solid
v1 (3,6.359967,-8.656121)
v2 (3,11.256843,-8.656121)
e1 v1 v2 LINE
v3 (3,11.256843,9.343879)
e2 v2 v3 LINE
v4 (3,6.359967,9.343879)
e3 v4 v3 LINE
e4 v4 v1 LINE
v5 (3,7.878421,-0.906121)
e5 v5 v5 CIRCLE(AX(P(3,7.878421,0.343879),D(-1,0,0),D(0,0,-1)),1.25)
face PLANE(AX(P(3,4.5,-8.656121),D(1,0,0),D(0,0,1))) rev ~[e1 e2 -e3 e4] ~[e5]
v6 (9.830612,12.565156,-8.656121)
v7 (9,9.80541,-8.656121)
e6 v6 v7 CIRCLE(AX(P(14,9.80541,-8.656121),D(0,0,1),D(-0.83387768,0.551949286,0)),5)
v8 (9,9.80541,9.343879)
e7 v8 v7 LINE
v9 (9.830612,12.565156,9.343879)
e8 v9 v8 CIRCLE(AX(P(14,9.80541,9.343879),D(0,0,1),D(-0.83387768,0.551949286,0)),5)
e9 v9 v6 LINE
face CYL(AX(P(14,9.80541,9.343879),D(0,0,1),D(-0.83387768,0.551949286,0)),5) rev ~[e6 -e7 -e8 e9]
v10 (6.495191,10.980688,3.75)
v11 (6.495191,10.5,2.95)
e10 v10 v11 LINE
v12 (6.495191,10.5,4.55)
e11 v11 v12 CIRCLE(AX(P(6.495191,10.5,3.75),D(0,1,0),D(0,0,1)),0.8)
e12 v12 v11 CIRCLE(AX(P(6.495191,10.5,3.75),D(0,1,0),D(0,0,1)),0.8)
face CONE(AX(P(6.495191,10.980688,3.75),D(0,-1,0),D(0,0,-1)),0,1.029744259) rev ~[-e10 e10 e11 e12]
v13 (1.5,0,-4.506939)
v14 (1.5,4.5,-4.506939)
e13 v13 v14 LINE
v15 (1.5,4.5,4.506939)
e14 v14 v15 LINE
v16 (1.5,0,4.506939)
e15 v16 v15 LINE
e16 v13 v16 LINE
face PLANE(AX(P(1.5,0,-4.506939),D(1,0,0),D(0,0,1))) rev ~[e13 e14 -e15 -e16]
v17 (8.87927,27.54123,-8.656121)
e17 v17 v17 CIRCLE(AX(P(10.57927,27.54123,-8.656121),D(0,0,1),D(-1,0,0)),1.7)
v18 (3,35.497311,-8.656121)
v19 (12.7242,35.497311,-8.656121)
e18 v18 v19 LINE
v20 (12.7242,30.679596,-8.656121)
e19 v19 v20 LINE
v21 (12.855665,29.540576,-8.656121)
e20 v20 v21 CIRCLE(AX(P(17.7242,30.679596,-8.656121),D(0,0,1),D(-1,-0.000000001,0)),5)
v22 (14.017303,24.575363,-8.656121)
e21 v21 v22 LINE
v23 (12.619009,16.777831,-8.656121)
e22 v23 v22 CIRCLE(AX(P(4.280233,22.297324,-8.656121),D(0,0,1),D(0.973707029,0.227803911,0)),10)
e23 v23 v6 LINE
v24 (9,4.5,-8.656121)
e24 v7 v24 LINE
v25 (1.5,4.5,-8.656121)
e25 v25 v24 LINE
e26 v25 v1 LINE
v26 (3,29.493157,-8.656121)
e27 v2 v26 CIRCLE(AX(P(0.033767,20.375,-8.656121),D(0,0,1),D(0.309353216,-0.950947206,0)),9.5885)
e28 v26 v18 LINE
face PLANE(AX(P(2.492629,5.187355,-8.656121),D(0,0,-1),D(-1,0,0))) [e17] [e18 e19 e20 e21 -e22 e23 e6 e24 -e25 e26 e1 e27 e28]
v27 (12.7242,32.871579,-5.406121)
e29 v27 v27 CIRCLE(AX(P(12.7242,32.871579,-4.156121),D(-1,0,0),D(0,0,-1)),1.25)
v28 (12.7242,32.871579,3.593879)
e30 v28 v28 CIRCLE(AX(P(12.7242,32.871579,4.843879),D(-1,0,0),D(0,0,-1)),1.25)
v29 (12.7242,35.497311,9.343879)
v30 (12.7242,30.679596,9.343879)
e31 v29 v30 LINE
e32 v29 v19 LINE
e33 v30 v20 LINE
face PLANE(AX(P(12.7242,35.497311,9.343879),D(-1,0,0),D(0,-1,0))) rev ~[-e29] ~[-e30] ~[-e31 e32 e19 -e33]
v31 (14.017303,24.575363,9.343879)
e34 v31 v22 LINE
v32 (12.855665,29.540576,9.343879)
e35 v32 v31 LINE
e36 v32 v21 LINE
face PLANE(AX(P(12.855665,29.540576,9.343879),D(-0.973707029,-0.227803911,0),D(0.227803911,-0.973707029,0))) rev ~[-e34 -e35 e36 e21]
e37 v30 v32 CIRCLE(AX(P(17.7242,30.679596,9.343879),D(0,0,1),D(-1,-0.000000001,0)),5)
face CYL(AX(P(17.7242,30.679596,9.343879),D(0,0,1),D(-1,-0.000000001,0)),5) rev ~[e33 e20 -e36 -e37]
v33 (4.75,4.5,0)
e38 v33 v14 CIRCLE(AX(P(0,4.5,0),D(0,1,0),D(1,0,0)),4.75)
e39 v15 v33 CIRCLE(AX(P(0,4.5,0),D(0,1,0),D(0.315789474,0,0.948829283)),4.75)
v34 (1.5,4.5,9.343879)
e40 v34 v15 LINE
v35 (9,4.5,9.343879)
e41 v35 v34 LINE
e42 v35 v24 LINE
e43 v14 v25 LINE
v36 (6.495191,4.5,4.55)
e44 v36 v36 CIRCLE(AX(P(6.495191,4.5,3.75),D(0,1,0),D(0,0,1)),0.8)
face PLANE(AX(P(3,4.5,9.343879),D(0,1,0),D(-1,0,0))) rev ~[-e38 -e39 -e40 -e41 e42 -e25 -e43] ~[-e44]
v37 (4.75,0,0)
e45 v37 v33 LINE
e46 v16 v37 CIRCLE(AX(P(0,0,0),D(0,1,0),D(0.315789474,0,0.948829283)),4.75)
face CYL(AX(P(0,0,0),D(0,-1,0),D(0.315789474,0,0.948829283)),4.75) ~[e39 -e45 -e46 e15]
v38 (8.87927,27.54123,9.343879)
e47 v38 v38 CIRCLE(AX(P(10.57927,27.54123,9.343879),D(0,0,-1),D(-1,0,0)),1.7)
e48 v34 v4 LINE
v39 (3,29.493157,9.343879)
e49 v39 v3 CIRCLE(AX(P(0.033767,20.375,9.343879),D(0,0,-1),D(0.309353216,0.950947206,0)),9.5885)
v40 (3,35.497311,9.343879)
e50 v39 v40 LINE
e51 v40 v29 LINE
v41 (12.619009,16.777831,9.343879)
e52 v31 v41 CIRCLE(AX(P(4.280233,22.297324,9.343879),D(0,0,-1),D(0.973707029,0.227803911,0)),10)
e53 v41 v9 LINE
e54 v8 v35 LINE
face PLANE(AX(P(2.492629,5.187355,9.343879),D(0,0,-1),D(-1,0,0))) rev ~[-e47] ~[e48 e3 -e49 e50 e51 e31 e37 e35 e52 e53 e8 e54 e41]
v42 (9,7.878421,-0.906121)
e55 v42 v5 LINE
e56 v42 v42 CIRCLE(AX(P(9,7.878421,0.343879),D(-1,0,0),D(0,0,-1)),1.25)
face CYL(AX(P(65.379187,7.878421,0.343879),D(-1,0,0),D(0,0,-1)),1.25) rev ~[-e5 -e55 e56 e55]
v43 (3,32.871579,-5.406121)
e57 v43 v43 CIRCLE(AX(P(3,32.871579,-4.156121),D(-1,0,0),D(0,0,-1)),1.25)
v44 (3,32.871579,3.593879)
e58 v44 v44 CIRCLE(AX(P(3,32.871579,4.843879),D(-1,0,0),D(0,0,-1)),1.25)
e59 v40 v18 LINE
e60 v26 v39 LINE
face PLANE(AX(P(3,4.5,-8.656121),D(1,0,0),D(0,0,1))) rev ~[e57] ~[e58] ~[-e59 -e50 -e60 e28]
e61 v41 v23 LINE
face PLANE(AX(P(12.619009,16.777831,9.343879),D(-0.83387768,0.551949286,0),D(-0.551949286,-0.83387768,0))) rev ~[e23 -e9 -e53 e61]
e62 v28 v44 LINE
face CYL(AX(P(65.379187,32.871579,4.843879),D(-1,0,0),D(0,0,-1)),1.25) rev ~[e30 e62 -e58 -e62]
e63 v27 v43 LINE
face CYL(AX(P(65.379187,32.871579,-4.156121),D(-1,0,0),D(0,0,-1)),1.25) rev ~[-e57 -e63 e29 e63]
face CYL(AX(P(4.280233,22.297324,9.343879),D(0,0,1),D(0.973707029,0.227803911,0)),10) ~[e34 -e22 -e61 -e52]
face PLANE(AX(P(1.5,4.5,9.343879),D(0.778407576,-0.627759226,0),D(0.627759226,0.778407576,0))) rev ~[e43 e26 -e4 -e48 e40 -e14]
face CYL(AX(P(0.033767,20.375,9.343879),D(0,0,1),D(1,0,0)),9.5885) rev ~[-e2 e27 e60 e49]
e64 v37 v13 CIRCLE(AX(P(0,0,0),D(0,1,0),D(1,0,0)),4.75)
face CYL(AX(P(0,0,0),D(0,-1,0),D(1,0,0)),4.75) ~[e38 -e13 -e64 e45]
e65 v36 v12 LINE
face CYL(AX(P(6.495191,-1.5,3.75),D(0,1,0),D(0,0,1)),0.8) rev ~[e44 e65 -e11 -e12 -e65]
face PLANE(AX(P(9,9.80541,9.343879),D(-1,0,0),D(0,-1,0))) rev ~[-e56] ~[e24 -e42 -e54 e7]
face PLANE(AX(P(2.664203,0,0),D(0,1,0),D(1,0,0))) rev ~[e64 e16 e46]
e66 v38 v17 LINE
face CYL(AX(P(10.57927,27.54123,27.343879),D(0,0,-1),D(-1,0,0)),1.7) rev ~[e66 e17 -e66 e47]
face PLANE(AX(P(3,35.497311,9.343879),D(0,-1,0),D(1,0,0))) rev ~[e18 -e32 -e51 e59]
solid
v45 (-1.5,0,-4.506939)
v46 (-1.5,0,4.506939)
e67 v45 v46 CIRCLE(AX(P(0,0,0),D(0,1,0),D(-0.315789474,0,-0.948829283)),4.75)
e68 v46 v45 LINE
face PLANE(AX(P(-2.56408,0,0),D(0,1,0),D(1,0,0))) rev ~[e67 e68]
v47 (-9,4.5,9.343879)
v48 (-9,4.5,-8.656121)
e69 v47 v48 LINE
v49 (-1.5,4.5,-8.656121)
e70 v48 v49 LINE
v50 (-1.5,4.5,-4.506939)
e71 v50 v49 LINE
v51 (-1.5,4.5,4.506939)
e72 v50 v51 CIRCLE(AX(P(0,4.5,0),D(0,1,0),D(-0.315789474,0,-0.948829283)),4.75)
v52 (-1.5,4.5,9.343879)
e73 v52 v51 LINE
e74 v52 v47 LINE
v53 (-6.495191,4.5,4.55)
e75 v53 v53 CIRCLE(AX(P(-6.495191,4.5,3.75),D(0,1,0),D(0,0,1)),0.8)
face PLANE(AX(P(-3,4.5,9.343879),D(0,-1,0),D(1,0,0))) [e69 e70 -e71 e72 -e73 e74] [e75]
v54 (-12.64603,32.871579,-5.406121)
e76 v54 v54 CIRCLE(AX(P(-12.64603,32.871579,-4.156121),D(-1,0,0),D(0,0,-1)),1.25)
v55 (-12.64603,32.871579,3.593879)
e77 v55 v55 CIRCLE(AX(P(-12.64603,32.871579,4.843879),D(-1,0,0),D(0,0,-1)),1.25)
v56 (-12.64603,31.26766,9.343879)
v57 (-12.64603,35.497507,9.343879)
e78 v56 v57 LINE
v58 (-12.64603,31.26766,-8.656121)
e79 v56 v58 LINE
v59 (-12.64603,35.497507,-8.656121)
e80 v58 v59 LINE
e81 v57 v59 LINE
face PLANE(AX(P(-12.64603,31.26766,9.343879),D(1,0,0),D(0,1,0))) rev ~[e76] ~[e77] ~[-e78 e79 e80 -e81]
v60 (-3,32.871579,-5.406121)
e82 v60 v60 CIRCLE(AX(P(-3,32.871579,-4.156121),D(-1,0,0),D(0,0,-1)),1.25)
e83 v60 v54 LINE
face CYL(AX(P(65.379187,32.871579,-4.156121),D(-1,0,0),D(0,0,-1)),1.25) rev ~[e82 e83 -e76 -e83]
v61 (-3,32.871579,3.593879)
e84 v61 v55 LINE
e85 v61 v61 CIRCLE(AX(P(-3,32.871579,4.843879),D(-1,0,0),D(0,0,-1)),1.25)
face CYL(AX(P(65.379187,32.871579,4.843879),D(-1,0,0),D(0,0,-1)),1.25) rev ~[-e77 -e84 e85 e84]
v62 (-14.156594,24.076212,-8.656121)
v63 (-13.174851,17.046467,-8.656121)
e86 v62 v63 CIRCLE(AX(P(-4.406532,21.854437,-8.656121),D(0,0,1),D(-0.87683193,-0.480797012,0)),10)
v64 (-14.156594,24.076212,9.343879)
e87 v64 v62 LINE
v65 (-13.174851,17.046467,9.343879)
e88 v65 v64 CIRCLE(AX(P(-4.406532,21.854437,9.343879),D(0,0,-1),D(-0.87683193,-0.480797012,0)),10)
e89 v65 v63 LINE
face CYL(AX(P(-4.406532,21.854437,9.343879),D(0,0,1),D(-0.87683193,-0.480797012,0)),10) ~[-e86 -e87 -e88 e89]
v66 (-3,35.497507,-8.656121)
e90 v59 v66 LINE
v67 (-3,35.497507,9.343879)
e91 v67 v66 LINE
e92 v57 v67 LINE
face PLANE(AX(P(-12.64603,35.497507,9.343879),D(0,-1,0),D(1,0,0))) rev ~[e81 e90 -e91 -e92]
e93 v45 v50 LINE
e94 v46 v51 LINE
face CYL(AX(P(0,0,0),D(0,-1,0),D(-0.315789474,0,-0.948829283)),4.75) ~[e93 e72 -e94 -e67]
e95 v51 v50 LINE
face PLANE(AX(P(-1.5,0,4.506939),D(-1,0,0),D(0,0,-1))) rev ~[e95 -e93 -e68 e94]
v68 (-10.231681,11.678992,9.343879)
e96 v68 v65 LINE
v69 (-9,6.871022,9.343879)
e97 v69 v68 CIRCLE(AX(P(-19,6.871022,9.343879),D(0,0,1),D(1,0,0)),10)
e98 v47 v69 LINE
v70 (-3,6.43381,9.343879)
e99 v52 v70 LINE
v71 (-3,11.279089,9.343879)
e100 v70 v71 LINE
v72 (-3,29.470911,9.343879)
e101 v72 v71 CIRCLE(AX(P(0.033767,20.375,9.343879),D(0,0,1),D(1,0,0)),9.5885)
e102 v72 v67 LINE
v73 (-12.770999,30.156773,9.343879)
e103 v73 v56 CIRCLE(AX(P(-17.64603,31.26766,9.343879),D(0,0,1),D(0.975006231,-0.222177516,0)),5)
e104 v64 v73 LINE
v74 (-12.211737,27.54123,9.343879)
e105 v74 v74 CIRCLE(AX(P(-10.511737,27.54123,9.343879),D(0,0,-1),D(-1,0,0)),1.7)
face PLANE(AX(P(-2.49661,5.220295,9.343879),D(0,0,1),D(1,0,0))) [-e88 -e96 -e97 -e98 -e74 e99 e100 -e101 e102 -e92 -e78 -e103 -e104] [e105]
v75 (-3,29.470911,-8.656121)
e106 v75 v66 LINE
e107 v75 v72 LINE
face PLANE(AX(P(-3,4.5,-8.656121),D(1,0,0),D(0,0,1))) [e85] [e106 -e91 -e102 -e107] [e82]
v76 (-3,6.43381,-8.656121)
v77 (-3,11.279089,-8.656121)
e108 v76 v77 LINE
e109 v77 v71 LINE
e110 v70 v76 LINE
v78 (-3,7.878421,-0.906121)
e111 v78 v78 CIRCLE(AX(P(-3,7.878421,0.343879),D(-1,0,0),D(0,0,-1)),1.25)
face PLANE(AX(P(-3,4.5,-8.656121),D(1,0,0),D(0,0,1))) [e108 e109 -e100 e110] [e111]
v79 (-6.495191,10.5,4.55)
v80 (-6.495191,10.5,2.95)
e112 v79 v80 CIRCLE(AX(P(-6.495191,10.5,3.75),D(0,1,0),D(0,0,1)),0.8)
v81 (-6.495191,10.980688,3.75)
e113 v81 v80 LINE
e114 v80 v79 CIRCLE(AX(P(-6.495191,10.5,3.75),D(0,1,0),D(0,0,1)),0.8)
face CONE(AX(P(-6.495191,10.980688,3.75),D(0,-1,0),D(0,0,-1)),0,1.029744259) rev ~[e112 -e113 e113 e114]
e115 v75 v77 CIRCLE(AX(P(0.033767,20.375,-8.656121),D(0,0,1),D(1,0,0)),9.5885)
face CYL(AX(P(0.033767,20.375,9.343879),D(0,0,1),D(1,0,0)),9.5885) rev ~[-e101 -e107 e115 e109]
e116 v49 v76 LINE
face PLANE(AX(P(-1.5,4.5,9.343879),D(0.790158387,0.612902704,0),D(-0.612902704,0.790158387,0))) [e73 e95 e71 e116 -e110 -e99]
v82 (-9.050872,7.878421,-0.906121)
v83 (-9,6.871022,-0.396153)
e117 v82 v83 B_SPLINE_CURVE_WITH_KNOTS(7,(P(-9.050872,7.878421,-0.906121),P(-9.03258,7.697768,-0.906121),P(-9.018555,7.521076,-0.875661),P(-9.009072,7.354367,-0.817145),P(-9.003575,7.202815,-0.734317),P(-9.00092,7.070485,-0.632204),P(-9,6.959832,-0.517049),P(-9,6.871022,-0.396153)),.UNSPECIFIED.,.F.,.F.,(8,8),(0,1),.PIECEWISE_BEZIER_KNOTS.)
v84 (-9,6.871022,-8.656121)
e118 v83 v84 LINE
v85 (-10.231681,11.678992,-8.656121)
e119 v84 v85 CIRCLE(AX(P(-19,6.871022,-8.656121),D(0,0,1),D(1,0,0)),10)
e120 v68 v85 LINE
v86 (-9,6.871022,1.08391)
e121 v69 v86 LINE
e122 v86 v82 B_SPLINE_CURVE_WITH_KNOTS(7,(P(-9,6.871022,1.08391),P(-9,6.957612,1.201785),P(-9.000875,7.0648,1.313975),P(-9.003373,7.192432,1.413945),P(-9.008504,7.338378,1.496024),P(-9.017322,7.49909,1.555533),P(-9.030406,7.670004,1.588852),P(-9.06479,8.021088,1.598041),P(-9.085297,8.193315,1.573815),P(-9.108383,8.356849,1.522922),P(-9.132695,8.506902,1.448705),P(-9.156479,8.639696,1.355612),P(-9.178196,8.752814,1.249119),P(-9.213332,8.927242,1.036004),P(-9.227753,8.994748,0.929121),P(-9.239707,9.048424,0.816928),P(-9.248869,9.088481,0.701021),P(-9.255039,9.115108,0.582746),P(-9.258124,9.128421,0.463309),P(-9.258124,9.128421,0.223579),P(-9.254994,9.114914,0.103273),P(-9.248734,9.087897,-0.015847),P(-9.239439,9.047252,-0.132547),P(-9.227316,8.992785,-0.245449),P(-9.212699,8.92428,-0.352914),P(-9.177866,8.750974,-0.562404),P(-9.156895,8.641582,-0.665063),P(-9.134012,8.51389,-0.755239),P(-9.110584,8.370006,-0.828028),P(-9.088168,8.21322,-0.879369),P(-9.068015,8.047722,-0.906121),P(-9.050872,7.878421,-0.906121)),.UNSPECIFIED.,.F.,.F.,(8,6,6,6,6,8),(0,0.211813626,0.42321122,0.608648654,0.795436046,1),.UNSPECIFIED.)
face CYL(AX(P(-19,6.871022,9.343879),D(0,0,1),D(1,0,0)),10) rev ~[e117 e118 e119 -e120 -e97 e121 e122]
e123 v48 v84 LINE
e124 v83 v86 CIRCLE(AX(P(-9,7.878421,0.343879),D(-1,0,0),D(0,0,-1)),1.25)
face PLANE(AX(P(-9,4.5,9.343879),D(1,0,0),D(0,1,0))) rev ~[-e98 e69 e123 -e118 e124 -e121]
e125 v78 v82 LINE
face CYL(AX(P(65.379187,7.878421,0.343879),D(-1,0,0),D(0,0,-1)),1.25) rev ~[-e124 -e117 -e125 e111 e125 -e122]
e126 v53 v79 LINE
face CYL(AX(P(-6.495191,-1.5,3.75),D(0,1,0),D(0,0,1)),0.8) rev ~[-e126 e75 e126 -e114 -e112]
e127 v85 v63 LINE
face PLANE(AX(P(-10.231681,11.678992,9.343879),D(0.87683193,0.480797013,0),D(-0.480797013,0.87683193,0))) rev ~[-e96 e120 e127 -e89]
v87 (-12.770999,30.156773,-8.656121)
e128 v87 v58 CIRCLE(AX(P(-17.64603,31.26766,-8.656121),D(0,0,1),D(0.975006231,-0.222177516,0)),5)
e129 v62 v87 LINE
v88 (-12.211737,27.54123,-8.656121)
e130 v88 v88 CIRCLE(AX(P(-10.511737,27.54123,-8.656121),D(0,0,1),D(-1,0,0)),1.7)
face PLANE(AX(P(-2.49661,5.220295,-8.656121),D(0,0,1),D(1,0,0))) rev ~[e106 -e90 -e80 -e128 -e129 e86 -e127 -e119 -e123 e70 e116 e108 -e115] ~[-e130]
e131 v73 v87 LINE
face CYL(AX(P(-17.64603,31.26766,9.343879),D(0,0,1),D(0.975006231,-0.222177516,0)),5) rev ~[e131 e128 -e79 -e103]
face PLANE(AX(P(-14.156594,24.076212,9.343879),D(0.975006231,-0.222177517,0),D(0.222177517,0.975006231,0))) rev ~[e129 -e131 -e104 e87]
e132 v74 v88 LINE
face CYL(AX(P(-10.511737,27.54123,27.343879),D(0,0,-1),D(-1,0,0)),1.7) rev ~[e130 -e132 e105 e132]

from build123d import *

# Parameters (mm, degrees)
SKETCH2_W                 = 12
SKETCH2_H                 = 18
EXTRUDE1_DEPTH            = 31.75
EXTRUDE1_2_DEPTH          = 31.75
EXTRUDE2_DEPTH            = 4.5
SKETCH4_R                 = 9.5885
MAGNET_CAVITY_DEPTH       = 19
M3X0_5_TAPPED_HOLE1_D     = 2.5
M2X0_4_TAPPED_HOLE2_D     = 1.6
M2X0_4_TAPPED_HOLE2_DEPTH = 6
M2X0_4_TAPPED_HOLE2_TIP   = 0.480688495
M3_CLEARANCE_HOLE1_D      = 3.4
M3_CLEARANCE_HOLE1_DEPTH  = 18
M3_CLEARANCE_HOLE1_TIP    = 1.021463052
EXTRUDE3_DEPTH            = 19
EXTRUDE4_DEPTH            = 18
EXTRUDE5_DEPTH            = 19
EXTRUDE6_DEPTH            = 18


with BuildPart() as part:
    # Sketch2 → Extrude1 (new body)
    with BuildSketch(Plane(origin=(0, 4.5, 0), x_dir=(-1, 0, 0), z_dir=(0, 1, 0))):
        with Locations((9, 0.343878918)):
            Rectangle(SKETCH2_W, SKETCH2_H)
    extrude(amount=EXTRUDE1_DEPTH)



with BuildPart() as body_2:
    # Sketch2 → Extrude1 2 (new body)
    with BuildSketch(Plane(origin=(0, 4.5, 0), x_dir=(-1, 0, 0), z_dir=(0, 1, 0))):
        with Locations((-9, 0.343878918)):
            Rectangle(SKETCH2_W, SKETCH2_H)
    extrude(amount=EXTRUDE1_2_DEPTH)


with BuildPart() as part_1:
    add(part.part)

    add(body_2.part)  # Extrude2 merges body 2
    # Sketch1 → Extrude2 (add)
    with BuildSketch(Plane(origin=(0, 0, 0), x_dir=(1, 0, 0), z_dir=(0, 1, 0))):
        with BuildLine():
            ThreePointArc((4.75, 0), (3.852758752, 2.778263846), (1.5, 4.506939094))
            Line((1.5, 4.506939094), (1.5, -4.506939094))
            ThreePointArc((1.5, -4.506939094), (3.852758752, -2.778263846), (4.75, 0))
        make_face()
        with BuildLine():
            Line((-1.5, -4.506939094), (-1.5, 4.506939094))
            ThreePointArc((-1.5, 4.506939094), (-4.75, 0), (-1.5, -4.506939094))
        make_face()
    extrude(amount=EXTRUDE2_DEPTH)

    # Sketch4 → Magnet Cavity (cut, through all)
    with BuildSketch(Plane.XY.offset(9.343878918)):
        with Locations((0.033766691, 20.375)):
            Circle(SKETCH4_R)
    extrude(amount=-MAGNET_CAVITY_DEPTH, mode=Mode.SUBTRACT)

    # M3x0.5 Tapped Hole1 (through all)
    with Locations(Plane(origin=(15, 32.871578641, 4.843878918), x_dir=(0, 0, 1), z_dir=(1, 0, 0))):
        with Locations((0, 0), (-9, 0), (-4.5, 24.993157282)):
            Hole(M3X0_5_TAPPED_HOLE1_D / 2)

    # M2x0.4 Tapped Hole2
    with Locations(Plane(origin=(-6.495190528, 4.5, 3.75), x_dir=(0, 0, -1), z_dir=(0, -1, 0))):
        with Locations((0, 0), (0, 12.990381056)):
            Hole(M2X0_4_TAPPED_HOLE2_D / 2, depth=M2X0_4_TAPPED_HOLE2_DEPTH)
            with Locations((0, 0, -(M2X0_4_TAPPED_HOLE2_DEPTH + M2X0_4_TAPPED_HOLE2_TIP / 2))):  # 118° drill point
                Cone(0, M2X0_4_TAPPED_HOLE2_D / 2, M2X0_4_TAPPED_HOLE2_TIP, mode=Mode.SUBTRACT)

    # M3 Clearance Hole1
    with Locations(Plane(origin=(-10.511737105, 27.54122981, 9.343878918), x_dir=(1, 0, 0), z_dir=(0, 0, 1))):
        with Locations((0, 0), (21.091007592, 0)):
            Hole(M3_CLEARANCE_HOLE1_D / 2, depth=M3_CLEARANCE_HOLE1_DEPTH)
            with Locations((0, 0, -(M3_CLEARANCE_HOLE1_DEPTH + M3_CLEARANCE_HOLE1_TIP / 2))):  # 118° drill point
                Cone(0, M3_CLEARANCE_HOLE1_D / 2, M3_CLEARANCE_HOLE1_TIP, mode=Mode.SUBTRACT)

    # Trim Sketch → Extrude3 (cut, through all)
    with BuildSketch(Plane.XY.offset(9.343878918)):
        with BuildLine():
            Line((9, 9.805409948), (9, 4.5))
            Line((9, 4.5), (15, 4.5))
            Line((15, 4.5), (15, 36.25))
            Line((15, 36.25), (3, 36.25))
            Line((3, 36.25), (3, 35.497310661))
            Line((3, 35.497310661), (12.724200068, 35.497310661))
            Line((12.724200068, 35.497310661), (12.724200068, 30.679595884))
            ThreePointArc((12.724200068, 30.679595884), (12.757175017, 30.10630526), (12.855664924, 29.540576328))
            Line((12.855664924, 29.540576328), (14.017302884, 24.575362865))
            ThreePointArc((14.017302884, 24.575362865), (14.123221889, 20.532228354), (12.6190094, 16.777830894))
            Line((12.6190094, 16.777830894), (9.830611598, 12.565156378))
            ThreePointArc((9.830611598, 12.565156378), (9.212153824, 11.246426602), (9, 9.805409948))
        make_face()
    extrude(amount=-EXTRUDE3_DEPTH, mode=Mode.SUBTRACT)

    # Sketch26 → Extrude4 (add)
    with BuildSketch(Plane.XY.offset(9.343878918)):
        Polygon((1.5, 4.5), (3, 6.359966873), (3, 4.5), align=None)
    extrude(amount=-EXTRUDE4_DEPTH)

    # Sketch27 → Extrude5 (cut, through all)
    with BuildSketch(Plane.XY.offset(9.343878918)):
        with BuildLine():
            ThreePointArc((-13.174851017, 17.046466622), (-14.310417023, 20.471304097), (-14.156594035, 24.076211914))
            Line((-14.156594035, 24.076211914), (-12.770998882, 30.156772756))
            ThreePointArc((-12.770998882, 30.156772756), (-12.677370472, 30.708713017), (-12.646030039, 31.267660339))
            Line((-12.646030039, 31.267660339), (-12.646030039, 35.497506653))
            Line((-12.646030039, 35.497506653), (-3, 35.497506653))
            Line((-3, 35.497506653), (-3, 36.25))
            Line((-3, 36.25), (-15, 36.25))
            Line((-15, 36.25), (-15, 4.5))
            Line((-15, 4.5), (-9, 4.5))
            Line((-9, 4.5), (-9, 6.871021997))
            ThreePointArc((-9, 6.871021997), (-9.312812767, 9.352635085), (-10.231680704, 11.678992122))
            Line((-10.231680704, 11.678992122), (-13.174851017, 17.046466622))
        make_face()
    extrude(amount=-EXTRUDE5_DEPTH, mode=Mode.SUBTRACT)

    # Sketch28 → Extrude6 (add)
    with BuildSketch(Plane.XY.offset(9.343878918)):
        Polygon((-1.5, 4.5), (-3, 6.43381033), (-3, 4.5), align=None)
    extrude(amount=-EXTRUDE6_DEPTH)


solid = part_1.part
